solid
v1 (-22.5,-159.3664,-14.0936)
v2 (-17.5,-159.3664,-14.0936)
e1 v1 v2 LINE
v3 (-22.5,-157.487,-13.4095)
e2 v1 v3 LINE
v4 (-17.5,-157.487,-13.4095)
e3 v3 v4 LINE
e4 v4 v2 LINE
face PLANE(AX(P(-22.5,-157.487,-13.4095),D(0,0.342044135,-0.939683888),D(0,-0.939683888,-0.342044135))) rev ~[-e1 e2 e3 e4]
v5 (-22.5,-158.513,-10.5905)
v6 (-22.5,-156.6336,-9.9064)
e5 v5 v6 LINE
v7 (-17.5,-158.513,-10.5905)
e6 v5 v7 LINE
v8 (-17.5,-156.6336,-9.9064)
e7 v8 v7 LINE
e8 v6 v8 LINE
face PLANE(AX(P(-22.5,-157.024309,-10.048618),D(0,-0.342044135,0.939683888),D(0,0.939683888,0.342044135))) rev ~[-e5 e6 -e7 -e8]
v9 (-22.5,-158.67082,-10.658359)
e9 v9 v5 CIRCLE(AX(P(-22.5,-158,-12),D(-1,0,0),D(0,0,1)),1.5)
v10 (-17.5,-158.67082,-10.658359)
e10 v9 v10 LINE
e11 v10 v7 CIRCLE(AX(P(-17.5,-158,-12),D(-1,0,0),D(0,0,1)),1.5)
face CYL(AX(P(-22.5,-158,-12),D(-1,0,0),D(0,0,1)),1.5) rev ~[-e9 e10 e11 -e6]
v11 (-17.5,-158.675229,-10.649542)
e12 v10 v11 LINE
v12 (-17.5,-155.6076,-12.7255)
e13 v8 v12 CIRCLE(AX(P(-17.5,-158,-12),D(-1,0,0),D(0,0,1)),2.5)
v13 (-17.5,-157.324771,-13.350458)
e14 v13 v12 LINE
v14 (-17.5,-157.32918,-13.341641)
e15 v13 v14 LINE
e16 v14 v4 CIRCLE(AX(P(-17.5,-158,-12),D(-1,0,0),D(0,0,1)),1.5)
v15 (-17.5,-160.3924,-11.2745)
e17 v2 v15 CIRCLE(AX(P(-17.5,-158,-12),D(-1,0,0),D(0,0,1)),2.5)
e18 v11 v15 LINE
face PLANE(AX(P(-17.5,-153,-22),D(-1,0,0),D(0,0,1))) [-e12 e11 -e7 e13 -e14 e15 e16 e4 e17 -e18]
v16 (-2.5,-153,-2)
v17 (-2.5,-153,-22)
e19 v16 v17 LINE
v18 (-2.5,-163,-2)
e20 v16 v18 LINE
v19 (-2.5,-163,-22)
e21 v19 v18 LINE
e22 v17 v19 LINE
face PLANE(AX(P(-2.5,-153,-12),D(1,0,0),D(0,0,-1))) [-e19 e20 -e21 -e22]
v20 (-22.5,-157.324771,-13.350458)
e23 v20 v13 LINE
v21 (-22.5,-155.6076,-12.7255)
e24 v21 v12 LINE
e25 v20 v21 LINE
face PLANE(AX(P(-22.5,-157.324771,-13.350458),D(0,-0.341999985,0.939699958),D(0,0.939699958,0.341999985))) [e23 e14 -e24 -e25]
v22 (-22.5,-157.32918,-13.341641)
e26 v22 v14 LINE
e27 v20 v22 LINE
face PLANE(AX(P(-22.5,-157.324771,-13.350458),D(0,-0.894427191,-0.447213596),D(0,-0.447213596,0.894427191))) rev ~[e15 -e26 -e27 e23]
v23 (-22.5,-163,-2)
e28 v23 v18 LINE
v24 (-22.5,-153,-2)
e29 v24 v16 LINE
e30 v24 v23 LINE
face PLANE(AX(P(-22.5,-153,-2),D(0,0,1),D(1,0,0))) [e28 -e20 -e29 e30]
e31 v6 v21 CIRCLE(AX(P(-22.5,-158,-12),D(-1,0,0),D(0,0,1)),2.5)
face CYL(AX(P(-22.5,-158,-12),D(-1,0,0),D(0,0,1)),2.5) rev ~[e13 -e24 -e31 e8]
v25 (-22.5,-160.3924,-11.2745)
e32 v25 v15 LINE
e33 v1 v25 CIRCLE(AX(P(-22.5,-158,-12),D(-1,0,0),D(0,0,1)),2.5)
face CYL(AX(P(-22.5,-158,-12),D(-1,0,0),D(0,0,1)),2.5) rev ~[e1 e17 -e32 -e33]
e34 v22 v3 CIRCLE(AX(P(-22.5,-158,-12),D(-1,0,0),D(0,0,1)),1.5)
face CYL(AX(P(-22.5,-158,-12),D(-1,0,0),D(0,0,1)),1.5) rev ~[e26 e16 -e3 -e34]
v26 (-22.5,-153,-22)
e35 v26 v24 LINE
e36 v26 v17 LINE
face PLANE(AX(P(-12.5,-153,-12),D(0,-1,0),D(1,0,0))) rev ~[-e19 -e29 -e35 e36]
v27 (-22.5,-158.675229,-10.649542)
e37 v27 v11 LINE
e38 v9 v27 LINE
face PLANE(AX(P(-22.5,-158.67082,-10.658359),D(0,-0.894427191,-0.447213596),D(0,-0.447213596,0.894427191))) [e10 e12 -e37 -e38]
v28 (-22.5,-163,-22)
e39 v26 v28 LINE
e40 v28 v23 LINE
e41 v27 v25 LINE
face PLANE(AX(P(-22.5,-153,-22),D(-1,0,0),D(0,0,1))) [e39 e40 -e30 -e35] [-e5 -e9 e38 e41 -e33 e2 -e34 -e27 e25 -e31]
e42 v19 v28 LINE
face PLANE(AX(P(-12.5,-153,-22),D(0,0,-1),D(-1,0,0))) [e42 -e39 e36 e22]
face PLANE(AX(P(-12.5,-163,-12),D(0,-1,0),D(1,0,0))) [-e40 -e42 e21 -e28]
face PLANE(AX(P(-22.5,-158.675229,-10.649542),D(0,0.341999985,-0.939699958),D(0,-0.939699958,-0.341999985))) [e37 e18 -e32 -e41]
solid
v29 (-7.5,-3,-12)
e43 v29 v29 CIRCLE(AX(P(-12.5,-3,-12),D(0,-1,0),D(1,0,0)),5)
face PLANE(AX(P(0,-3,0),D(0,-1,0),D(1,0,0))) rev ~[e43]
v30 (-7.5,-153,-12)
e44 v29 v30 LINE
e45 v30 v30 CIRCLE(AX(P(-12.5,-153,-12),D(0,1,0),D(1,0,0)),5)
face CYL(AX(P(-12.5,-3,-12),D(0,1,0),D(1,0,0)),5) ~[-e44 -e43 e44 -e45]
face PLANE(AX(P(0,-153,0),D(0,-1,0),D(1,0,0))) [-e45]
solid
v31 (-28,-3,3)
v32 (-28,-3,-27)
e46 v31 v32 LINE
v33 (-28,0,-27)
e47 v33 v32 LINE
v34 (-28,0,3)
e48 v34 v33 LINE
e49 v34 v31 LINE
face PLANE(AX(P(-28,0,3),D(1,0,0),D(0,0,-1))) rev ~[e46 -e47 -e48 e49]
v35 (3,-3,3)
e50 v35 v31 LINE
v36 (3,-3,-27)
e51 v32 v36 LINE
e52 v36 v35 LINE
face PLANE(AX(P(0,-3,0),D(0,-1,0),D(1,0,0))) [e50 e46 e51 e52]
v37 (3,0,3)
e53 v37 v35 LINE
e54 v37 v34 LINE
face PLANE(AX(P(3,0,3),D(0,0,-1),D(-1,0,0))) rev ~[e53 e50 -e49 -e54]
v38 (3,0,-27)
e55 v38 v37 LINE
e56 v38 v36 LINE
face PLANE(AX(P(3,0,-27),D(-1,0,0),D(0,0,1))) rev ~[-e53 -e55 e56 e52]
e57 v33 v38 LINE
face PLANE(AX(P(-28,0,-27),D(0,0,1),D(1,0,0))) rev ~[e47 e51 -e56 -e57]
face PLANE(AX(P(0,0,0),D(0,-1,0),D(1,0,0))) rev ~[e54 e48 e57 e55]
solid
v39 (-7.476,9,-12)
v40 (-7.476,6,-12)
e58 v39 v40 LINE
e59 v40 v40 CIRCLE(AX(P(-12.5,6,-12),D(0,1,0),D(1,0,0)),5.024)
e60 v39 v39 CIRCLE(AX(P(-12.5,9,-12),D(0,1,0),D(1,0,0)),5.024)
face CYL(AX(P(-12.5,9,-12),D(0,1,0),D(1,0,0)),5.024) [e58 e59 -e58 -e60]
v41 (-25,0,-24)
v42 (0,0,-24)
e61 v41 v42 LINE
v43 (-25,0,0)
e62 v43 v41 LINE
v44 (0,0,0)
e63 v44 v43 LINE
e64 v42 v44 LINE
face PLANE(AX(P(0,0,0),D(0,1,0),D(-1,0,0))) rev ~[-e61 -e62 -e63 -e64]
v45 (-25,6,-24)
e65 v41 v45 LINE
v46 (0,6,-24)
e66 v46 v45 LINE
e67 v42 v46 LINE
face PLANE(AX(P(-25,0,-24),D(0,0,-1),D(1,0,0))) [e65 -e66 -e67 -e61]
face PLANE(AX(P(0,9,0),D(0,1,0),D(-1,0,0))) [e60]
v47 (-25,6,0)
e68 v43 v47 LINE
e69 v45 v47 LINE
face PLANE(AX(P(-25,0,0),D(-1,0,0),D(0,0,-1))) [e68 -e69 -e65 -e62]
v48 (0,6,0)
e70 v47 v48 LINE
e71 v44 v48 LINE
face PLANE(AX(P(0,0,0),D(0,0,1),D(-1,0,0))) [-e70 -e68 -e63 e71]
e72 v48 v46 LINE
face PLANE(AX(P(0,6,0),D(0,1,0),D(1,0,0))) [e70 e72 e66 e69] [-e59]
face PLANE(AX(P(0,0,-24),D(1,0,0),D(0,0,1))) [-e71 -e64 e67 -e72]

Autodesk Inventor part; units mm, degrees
ref_plane "YZ Plane" through (0, 0, 0) normal (1, 0, 0) x (0, 1, 0)
ref_plane "XZ Plane" through (0, 0, 0) normal (0, 1, 0) x (-1, 0, 0)
ref_plane "XY Plane" through (0, 0, 0) normal (0, 0, 1) x (1, 0, 0)
sketch "스케치1" plane through (0, 0, 0) normal (0, 1, 0) x (-1, 0, 0)
  line L0 (0, 0) -> (25, 0)
  line L1 (25, 0) -> (25, -24)
  line L2 (25, -24) -> (0, -24)
  line L3 (0, -24) -> (0, 0)
  dimension "d0" = 25
  dimension "d1" = 24
extrude "돌출1" add sketch "스케치1" along normal blind 9
sketch "스케치2" plane through (0, 9, 0) normal (0, 1, 0) x (1, 0, 0)
  line L0 (-25, 0) -> (0, 24) construction
  line L1 (-25, 24) -> (0, 0) construction
  circle A0 centre (-12.5, 12) radius 5.024
  circle A1 centre (-12.5, 12) radius 5.024
  line L2 (-25, 0) -> (0, 0)
  line L3 (0, 0) -> (0, 24)
  line L4 (0, 24) -> (-25, 24)
  line L5 (-25, 24) -> (-25, 0)
extrude "돌출2" cut sketch "스케치2" against normal blind 3
sketch "스케치3" plane through (0, 0, 0) normal (0, -1, 0) x (1, 0, 0)
  line L0 (-28, -27) -> (3, -27)
  line L1 (3, -27) -> (3, 3)
  line L2 (3, 3) -> (-28, 3)
  line L3 (-28, 3) -> (-28, -27)
  line L4 (-25, -24) -> (-25, 0) projected
  line L5 (-25, 0) -> (0, 0) projected
  line L6 (0, -24) -> (-25, -24) projected
  line L7 (0, 0) -> (0, -24) projected
  dimension "d6" = 3
  dimension "d7" = 3
  dimension "d8" = 3
  dimension "d9" = 3
extrude "돌출3" add sketch "스케치3" along normal blind 3 separate body contours L3 L2 L1 L0 | L4 L5 L7 L6
sketch "스케치4" plane through (0, -3, 0) normal (0, -1, 0) x (1, 0, 0)
  line L0 (-28, 3) -> (-28, -27) projected
  line L1 (-28, -27) -> (3.0102, 3)
  line L2 (3, -27) -> (3, 3) projected
  line L3 (3, -27) -> (-28, 3)
  circle A0 centre (-12.5, -12) radius 5
  point P0 (0, 0)
  dimension "d12" = 10
extrude "돌출4" add sketch "스케치4" along normal blind 150 separate body contours A0 L1 L3 | L3 L1 A0 | L1 L3 A0 | L1 A0 L3
sketch "스케치5" plane through (-12.5, -153, -12) normal (0, -1, 0) x (1, 0, 0)
  line L0 (0, 0) -> (10, 0)
  line L1 (10, 0) -> (10, -10)
  line L2 (10, -10) -> (0, -10)
  line L3 (0, -10) -> (0, 0)
  line L4 (10, -10) -> (-10, -10)
  line L5 (-10, -10) -> (-10, 10)
  line L6 (-10, 10) -> (10, 10)
  line L7 (10, 10) -> (10, -10)
  point P0 (12.5, 12)
  dimension "d15" = 10
  dimension "d16" = 10
  dimension "d17" = 20
  dimension "d18" = 20
extrude "돌출5" add sketch "스케치5" along normal blind 10 separate body
sketch "스케치6" plane through (-22.5, -153, -22) normal (-1, 0, 0) x (0, 0, 1)
  line L0 (0, -10) -> (20, -10) projected
  line L1 (0, 0) -> (20, -10)
  line L2 (0, 0) -> (20, 0) projected
  line L3 (20, 0) -> (0, -10)
  circle A0 centre (10, -5) radius 2.5
  circle A1 centre (10, -5) radius 1.5
  line L4 (10, -5) -> (8.5905, -4.487)
  line L5 (10, -5) -> (11.5, -5) construction
  line L6 (8.5905, -4.487) -> (7.9064, -6.3664)
  line L7 (8.5905, -4.487) -> (9.2745, -2.6076)
  line L8 (10, -5) -> (11.4095, -5.513)
  line L9 (11.4095, -5.513) -> (12.0936, -3.6336)
  line L10 (11.4095, -5.513) -> (10.7255, -7.3924)
  point P0 (22, 153)
  point P1 (8.6584, -4.3292)
  point P2 (11.3505, -5.6752)
  point P3 (11.3416, -5.6708)
  point P4 (8.6495, -4.3248)
  dimension "d21" = 5
  dimension "d22" = 3
  dimension "d23" = 160
extrude "돌출6" cut sketch "스케치6" against normal blind 5 contours L6 A1 L3 | L3 A1 L1 L10 A0 L6 | A1 L4 L3 | L3 L1 A1 | A1 L1 L4 | L7 A0 L9 L3 A1 L1 | L1 L8 A1 | L8 L3 A1 | A1 L3 L9 | L1 A1 L3 bodies 4
properties part number "camera assembly"
